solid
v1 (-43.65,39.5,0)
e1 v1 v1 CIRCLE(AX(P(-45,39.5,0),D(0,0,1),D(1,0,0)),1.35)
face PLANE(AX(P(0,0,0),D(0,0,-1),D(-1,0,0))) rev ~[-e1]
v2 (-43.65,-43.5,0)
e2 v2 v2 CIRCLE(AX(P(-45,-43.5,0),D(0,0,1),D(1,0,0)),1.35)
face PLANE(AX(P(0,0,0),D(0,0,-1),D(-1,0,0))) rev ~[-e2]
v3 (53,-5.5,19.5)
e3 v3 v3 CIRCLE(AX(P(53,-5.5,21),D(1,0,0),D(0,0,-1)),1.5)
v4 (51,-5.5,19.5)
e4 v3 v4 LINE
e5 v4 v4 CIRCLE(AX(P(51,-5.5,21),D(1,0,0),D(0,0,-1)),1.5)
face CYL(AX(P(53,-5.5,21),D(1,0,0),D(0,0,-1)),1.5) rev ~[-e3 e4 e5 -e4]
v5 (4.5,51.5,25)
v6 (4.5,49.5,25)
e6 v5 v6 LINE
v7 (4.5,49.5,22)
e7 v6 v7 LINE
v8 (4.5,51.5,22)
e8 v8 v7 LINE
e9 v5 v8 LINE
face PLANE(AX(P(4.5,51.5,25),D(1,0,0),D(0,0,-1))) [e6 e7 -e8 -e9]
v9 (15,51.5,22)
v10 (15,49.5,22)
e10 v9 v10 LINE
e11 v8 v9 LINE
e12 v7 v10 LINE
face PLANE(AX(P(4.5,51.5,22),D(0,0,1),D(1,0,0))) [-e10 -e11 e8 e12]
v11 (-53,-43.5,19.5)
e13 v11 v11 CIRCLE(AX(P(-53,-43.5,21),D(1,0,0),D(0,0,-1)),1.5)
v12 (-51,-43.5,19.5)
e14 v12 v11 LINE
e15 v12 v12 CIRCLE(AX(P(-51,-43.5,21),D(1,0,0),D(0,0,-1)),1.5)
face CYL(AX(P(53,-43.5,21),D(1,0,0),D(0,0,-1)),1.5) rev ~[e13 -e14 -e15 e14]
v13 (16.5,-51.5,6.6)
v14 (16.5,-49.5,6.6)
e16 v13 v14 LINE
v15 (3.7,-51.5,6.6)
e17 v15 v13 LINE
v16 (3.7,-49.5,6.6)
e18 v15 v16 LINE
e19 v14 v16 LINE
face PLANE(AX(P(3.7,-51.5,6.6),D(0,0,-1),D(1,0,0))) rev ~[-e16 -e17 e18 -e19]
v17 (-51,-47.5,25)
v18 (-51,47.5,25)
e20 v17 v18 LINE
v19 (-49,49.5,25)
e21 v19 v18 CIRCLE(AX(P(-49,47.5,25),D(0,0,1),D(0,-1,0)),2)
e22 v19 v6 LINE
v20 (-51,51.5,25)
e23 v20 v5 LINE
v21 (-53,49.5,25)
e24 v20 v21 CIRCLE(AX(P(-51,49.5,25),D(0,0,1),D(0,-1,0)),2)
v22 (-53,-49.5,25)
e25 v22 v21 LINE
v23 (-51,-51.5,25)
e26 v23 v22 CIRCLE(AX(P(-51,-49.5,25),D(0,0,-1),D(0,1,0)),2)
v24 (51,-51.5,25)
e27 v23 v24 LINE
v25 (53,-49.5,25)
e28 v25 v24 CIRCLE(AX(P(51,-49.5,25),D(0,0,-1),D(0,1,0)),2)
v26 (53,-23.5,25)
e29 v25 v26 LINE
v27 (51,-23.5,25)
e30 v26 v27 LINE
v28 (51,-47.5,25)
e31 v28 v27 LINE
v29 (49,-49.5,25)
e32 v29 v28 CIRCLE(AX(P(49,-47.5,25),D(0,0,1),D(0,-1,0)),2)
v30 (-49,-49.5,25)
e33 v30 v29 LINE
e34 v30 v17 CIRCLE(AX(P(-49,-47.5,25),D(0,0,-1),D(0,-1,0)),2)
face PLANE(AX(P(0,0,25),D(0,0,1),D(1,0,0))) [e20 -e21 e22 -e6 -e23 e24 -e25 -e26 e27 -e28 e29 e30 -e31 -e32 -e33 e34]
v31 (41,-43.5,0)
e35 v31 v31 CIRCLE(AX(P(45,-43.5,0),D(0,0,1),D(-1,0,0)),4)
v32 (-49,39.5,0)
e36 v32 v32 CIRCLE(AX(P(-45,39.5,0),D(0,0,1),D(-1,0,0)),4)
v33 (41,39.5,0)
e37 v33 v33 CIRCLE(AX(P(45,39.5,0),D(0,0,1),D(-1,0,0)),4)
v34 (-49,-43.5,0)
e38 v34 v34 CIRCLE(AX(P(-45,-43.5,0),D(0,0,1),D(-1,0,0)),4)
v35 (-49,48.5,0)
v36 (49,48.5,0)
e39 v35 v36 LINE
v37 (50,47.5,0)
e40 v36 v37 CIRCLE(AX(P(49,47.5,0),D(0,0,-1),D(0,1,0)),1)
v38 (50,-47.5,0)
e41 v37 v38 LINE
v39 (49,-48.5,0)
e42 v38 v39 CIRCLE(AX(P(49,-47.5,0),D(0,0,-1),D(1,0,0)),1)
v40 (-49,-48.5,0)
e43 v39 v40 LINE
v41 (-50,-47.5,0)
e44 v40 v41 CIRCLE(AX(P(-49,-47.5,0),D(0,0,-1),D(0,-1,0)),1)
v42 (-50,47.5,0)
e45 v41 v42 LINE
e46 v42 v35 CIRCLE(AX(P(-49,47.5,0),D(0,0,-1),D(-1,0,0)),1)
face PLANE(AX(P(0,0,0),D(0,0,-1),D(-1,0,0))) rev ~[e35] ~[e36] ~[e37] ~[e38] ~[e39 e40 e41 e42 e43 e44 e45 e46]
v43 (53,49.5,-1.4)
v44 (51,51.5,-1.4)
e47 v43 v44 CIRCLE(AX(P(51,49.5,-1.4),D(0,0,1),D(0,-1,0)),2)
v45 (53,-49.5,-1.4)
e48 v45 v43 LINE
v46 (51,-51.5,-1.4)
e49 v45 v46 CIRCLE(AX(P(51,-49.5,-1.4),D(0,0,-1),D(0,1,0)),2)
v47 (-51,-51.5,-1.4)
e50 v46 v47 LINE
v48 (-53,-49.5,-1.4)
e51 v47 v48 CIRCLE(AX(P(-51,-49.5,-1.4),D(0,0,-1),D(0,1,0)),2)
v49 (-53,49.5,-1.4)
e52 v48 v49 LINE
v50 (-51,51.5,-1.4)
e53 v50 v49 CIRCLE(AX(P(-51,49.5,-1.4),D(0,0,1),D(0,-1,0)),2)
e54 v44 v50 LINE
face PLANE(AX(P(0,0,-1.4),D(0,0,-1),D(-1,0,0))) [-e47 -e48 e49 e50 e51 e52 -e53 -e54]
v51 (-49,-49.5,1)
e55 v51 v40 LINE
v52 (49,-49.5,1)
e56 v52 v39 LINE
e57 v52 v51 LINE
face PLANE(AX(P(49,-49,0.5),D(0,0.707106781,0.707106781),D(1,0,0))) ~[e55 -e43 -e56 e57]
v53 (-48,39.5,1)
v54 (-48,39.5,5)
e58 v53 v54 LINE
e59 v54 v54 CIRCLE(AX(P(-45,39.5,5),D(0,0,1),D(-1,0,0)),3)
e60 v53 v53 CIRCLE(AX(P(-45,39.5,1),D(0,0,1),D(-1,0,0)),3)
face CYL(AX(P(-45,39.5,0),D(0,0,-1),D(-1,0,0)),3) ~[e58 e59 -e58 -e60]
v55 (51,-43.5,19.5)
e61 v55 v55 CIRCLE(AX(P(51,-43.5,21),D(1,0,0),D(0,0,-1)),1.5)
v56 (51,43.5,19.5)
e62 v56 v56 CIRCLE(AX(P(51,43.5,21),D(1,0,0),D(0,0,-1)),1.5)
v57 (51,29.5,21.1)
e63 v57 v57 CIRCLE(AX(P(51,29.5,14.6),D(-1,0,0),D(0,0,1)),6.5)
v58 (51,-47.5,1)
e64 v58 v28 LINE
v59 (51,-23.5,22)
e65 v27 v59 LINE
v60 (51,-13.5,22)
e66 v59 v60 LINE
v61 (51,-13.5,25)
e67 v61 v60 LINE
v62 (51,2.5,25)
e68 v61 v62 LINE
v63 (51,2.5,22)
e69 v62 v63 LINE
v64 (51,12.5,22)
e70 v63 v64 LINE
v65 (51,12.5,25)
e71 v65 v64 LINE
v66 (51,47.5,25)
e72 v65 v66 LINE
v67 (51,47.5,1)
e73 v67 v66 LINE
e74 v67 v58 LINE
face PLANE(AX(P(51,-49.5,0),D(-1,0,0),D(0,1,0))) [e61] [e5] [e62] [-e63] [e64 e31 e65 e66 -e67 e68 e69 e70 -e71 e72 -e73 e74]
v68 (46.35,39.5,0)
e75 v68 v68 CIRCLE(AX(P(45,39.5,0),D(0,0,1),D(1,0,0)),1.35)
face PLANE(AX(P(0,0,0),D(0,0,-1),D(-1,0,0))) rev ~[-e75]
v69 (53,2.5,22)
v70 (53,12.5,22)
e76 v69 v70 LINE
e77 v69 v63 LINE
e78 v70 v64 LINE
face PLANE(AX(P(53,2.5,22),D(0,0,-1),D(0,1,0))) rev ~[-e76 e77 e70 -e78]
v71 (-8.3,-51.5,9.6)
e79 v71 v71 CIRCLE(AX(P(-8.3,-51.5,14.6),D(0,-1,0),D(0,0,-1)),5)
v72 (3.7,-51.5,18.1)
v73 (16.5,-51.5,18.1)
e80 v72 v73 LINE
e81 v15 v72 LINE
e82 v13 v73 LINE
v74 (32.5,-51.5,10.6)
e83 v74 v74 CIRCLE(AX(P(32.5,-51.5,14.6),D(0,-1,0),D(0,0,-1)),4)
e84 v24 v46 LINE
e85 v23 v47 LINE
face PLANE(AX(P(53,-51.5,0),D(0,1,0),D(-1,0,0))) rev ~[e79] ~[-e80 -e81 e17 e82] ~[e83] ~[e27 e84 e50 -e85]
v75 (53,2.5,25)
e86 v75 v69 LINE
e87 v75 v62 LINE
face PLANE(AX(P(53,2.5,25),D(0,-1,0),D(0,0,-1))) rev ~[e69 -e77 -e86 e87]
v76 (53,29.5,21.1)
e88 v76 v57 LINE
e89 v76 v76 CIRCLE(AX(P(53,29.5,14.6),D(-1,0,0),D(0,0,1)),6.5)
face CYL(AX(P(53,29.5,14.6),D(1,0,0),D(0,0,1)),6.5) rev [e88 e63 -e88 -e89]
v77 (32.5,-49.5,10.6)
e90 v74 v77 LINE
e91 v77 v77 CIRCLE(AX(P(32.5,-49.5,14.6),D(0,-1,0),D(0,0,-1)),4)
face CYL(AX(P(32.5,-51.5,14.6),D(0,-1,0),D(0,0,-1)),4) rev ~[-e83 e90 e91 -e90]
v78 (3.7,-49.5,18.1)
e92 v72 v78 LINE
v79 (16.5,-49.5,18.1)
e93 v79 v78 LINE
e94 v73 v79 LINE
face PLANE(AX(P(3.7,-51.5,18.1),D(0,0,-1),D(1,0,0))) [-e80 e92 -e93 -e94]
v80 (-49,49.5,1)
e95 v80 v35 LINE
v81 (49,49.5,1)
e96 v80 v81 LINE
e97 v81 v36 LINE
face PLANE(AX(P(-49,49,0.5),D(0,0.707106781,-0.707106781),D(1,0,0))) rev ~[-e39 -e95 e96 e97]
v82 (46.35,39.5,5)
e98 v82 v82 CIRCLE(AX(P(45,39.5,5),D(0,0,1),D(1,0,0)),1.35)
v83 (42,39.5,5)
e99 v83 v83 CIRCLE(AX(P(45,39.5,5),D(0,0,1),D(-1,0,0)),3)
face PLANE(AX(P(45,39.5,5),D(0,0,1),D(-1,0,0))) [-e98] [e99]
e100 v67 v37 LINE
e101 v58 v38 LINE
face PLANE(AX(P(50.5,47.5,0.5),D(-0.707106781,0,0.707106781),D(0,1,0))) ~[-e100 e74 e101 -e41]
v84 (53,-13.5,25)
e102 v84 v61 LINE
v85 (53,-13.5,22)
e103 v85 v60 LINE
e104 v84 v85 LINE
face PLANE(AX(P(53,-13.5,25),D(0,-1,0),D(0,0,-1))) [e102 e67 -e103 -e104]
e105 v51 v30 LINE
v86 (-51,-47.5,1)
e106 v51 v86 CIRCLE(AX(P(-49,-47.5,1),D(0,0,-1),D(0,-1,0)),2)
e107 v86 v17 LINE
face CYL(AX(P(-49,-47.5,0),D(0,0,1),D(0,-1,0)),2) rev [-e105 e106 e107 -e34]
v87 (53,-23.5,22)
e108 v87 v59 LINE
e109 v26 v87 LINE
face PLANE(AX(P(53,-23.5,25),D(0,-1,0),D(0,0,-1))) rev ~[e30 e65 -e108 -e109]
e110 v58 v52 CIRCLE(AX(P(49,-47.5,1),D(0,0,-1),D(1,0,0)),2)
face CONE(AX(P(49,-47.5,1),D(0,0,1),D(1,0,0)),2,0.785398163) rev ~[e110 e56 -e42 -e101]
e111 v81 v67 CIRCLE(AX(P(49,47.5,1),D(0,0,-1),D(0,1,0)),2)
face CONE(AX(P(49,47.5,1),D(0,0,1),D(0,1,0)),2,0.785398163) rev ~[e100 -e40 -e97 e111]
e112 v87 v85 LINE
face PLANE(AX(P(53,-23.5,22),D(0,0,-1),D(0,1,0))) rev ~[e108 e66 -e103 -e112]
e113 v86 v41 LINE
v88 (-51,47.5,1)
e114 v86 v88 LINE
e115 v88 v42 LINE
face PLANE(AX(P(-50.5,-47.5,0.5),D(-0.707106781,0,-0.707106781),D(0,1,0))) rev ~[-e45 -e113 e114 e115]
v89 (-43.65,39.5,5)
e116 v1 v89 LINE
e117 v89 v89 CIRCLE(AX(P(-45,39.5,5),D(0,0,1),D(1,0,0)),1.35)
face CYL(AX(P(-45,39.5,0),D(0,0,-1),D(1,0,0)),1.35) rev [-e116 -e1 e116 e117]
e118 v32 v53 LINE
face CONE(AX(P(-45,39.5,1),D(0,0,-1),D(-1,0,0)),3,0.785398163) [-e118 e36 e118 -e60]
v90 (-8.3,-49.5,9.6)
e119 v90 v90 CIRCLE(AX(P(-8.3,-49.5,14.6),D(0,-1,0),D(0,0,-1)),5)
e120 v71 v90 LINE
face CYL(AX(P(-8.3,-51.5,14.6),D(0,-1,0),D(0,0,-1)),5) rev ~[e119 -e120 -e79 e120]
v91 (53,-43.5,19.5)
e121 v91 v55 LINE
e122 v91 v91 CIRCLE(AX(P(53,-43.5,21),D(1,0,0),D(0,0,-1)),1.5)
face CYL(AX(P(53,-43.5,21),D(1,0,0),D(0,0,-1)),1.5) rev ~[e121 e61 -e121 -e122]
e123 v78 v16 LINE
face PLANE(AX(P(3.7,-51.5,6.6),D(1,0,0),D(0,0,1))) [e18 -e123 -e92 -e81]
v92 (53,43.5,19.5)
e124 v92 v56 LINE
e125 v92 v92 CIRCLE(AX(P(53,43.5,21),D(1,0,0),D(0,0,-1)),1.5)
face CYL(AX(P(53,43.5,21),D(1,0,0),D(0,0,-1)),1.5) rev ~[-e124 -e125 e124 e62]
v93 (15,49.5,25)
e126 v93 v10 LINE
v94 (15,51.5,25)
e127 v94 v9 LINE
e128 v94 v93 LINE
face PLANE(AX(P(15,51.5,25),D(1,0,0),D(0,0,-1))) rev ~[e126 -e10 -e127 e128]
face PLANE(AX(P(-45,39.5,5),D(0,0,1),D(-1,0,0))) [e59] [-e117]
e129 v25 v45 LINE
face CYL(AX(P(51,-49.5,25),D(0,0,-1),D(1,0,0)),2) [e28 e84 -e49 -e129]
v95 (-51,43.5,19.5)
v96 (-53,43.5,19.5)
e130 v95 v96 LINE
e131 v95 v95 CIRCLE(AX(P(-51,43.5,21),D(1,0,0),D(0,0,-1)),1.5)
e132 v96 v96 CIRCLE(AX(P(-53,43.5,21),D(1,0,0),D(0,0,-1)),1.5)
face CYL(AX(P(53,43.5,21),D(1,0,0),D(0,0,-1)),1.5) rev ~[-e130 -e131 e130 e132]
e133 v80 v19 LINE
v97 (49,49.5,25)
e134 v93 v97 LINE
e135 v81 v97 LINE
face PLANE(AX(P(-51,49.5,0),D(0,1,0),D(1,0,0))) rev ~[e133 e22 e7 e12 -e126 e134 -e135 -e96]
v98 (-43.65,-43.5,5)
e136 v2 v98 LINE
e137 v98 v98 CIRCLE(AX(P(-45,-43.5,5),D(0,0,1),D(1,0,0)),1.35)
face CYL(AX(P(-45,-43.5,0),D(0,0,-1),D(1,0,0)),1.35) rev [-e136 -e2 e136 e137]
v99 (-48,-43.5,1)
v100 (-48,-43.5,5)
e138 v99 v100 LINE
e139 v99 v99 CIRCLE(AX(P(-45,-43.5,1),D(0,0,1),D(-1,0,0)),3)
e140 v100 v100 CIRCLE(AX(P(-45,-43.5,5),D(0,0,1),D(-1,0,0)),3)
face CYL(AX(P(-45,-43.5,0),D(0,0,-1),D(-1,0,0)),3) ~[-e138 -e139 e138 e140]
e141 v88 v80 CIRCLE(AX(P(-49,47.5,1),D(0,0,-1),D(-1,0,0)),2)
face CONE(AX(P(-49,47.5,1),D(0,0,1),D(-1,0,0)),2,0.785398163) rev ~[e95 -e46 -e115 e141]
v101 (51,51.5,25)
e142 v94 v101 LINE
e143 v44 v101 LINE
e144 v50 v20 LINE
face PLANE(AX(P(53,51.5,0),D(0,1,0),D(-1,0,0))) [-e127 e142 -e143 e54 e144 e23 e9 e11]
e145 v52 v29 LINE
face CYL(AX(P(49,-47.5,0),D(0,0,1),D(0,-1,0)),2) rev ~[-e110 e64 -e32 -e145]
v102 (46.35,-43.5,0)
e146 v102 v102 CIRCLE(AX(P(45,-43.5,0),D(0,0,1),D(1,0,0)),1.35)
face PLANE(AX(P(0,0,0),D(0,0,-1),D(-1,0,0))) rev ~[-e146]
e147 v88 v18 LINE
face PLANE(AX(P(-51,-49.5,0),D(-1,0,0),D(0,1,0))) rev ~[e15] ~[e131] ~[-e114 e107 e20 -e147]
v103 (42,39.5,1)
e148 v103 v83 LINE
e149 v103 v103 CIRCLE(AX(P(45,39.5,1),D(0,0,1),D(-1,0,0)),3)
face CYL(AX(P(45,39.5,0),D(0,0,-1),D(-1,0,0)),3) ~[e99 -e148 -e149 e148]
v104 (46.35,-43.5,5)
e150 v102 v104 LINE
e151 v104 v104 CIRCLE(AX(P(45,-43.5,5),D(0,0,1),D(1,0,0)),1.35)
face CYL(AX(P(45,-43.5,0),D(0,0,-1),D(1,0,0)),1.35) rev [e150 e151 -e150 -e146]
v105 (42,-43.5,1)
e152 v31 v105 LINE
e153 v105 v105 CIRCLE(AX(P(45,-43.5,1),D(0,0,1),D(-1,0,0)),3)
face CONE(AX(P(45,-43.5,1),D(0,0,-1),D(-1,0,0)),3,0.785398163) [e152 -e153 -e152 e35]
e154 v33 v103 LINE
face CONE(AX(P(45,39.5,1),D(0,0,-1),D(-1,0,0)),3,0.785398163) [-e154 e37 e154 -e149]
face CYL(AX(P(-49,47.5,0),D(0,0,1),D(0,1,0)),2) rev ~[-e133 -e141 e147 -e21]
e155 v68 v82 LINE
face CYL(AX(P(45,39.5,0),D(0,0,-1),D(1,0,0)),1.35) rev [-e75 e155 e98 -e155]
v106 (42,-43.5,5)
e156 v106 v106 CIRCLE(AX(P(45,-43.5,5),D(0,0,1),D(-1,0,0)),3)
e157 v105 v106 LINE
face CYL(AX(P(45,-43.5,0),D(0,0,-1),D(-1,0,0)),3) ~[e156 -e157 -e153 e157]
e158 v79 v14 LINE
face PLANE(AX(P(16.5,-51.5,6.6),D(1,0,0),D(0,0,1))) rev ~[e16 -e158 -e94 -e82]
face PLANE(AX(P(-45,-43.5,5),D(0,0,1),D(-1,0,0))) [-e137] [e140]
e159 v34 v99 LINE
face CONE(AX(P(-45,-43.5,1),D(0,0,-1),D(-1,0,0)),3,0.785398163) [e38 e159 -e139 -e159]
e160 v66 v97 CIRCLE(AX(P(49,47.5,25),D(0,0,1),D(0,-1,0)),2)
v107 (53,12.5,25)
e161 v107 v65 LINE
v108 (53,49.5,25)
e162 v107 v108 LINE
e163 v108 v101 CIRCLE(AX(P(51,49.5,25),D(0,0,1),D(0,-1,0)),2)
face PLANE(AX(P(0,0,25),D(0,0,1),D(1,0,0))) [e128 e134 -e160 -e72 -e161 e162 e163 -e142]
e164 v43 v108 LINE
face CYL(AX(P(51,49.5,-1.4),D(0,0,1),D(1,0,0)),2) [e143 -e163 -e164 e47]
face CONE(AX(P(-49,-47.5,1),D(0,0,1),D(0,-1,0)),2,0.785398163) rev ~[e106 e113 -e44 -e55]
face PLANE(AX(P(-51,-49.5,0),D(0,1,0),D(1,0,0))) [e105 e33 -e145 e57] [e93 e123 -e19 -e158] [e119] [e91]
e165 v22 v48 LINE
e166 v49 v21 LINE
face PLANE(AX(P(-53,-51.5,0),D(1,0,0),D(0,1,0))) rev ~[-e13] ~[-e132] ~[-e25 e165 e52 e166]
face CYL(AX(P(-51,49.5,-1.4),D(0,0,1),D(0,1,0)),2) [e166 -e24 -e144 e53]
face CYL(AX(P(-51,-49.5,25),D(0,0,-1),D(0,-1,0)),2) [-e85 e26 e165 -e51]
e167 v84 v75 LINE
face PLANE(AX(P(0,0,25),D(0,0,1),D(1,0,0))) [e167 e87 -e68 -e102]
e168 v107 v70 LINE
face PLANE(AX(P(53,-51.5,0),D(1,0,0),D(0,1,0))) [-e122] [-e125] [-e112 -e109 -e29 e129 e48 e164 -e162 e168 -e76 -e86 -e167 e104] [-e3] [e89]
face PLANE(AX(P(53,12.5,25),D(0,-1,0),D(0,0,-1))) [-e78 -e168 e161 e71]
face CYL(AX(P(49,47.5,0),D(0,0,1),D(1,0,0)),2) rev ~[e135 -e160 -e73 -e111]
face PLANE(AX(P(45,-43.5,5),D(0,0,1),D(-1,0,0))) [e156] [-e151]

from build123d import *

# Parameters (mm, degrees)
SKETCH_1_W          = 106
SKETCH_1_H          = 103
SKETCH_1_W_2        = 102
SKETCH_1_H_2        = 99
EXTRUDE_1_DEPTH     = 25
SKETCH_2_W          = 106
SKETCH_2_H          = 103
EXTRUDE_2_DEPTH     = 1.4
SKETCH_3_R          = 3
SKETCH_3_R_2        = 1.35
EXTRUDE_3_DEPTH     = 5
SKETCH_4_W          = 12.8
SKETCH_4_H          = 11.5
CUT_EXTRUDE_1_DEPTH = 101
FILLET_1_R          = 2
CHAMFER_1_SIZE      = 1
SKETCH_5_R          = 4
SKETCH_5_R_2        = 5
CUT_EXTRUDE_2_DEPTH = 2
SKETCH_6_W          = 3
SKETCH_6_H          = 10
CUT_EXTRUDE_3_DEPTH = 2
SKETCH_8_R          = 1.5
CUT_EXTRUDE_4_DEPTH = 121.470950855
SKETCH_9_R          = 1.5
CUT_EXTRUDE_5_DEPTH = 2
SKETCH_10_W         = 10.5
SKETCH_10_H         = 3
CUT_EXTRUDE_6_DEPTH = 2
SKETCH_11_R         = 6.5
CUT_EXTRUDE_7_DEPTH = 2


with BuildPart() as part:
    # Эскиз1 → Бобышка-Вытянуть1 (new body)
    with BuildSketch(Plane.XY):
        Rectangle(SKETCH_1_W, SKETCH_1_H)
        Rectangle(SKETCH_1_W_2, SKETCH_1_H_2, mode=Mode.SUBTRACT)
    extrude(amount=EXTRUDE_1_DEPTH)

    # Эскиз2 → Бобышка-Вытянуть2 (add)
    with BuildSketch(Plane(origin=(0, 0, 0), x_dir=(-1, 0, 0), z_dir=(0, 0, -1))):
        Rectangle(SKETCH_2_W, SKETCH_2_H)
    extrude(amount=EXTRUDE_2_DEPTH)

    # Эскиз3 → Бобышка-Вытянуть3 (add)
    # profile 1 of 4: a face of its own
    with BuildSketch(Plane.XY):
        with Locations(Location((-45, 39.5, 0), (0, 0, 180))):
            Circle(SKETCH_3_R)
        with Locations((-45, 39.5)):
            Circle(SKETCH_3_R_2, mode=Mode.SUBTRACT)
    # profile 2 of 4: a face of its own
    with BuildSketch(Plane.XY):
        with Locations(Location((45, 39.5, 0), (0, 0, 180))):
            Circle(SKETCH_3_R)
        with Locations((45, 39.5)):
            Circle(SKETCH_3_R_2, mode=Mode.SUBTRACT)
    # profile 3 of 4: a face of its own
    with BuildSketch(Plane.XY):
        with Locations(Location((-45, -43.5, 0), (0, 0, 180))):
            Circle(SKETCH_3_R)
        with Locations((-45, -43.5)):
            Circle(SKETCH_3_R_2, mode=Mode.SUBTRACT)
    # profile 4 of 4: a face of its own
    with BuildSketch(Plane.XY):
        with Locations(Location((45, -43.5, 0), (0, 0, 180))):
            Circle(SKETCH_3_R)
        with Locations((45, -43.5)):
            Circle(SKETCH_3_R_2, mode=Mode.SUBTRACT)
    extrude(amount=EXTRUDE_3_DEPTH)

    # Эскиз4 → Вырез-Вытянуть1 (cut)
    with BuildSketch(Plane.XZ.offset(51.5)):
        with Locations((10.1, 12.35)):
            Rectangle(SKETCH_4_W, SKETCH_4_H)
    extrude(amount=-CUT_EXTRUDE_1_DEPTH, mode=Mode.SUBTRACT)

    # Скругление1
    fillet_1_edges = [part.edges().sort_by_distance(p)[0] for p in [
        (51, -49.5, 12.5),
        (51, 49.5, 12.5),
        (-51, 49.5, 12.5),
        (-51, -49.5, 12.5),
        (53, -51.5, 11.8),
        (-53, -51.5, 11.8),
        (-53, 51.5, 11.8),
        (53, 51.5, 11.8),
    ]]
    fillet(fillet_1_edges, radius=FILLET_1_R)

    # Фаска1
    chamfer_1_edges = [part.edges().sort_by_distance(p)[0] for p in [
        (-51, 0, 0),
        (0, -49.5, 0),
        (51, 0, 0),
        (0, 49.5, 0),
        (50.414213562, -48.914213562, 0),
        (50.414213562, 48.914213562, 0),
        (-50.414213562, 48.914213562, 0),
        (-50.414213562, -48.914213562, 0),
        (-42, 39.5, 0),
        (48, 39.5, 0),
        (-42, -43.5, 0),
        (48, -43.5, 0),
    ]]
    chamfer(chamfer_1_edges, length=CHAMFER_1_SIZE)

    # Эскиз5 → Вырез-Вытянуть2 (cut)
    with BuildSketch(Plane.XZ.offset(51.5)):
        with Locations(Location((32.5, 14.6, 0), (0, 0, 270))):
            Circle(SKETCH_5_R)
        with Locations(Location((-8.3, 14.6, 0), (0, 0, 270))):
            Circle(SKETCH_5_R_2)
    extrude(amount=-CUT_EXTRUDE_2_DEPTH, mode=Mode.SUBTRACT)

    # Эскиз6 → Вырез-Вытянуть3 (cut)
    with BuildSketch(Plane(origin=(53, 0, 0), x_dir=(0, 0, -1), z_dir=(1, 0, 0))):
        with Locations((-23.5, -18.5)):
            Rectangle(SKETCH_6_W, SKETCH_6_H)
        with Locations((-23.5, 7.5)):
            Rectangle(SKETCH_6_W, SKETCH_6_H)
    extrude(amount=-CUT_EXTRUDE_3_DEPTH, mode=Mode.SUBTRACT)

    # Эскиз8 → Вырез-Вытянуть4 (cut, through all)
    with BuildSketch(Plane(origin=(53, 0, 0), x_dir=(0, 0, -1), z_dir=(1, 0, 0))):
        with Locations((-21, 43.5)):
            Circle(SKETCH_8_R)
        with Locations((-21, -43.5)):
            Circle(SKETCH_8_R)
    extrude(amount=-CUT_EXTRUDE_4_DEPTH, mode=Mode.SUBTRACT)

    # Эскиз9 → Вырез-Вытянуть5 (cut)
    with BuildSketch(Plane(origin=(53, 0, 0), x_dir=(0, 0, -1), z_dir=(1, 0, 0))):
        with Locations((-21, -5.5)):
            Circle(SKETCH_9_R)
    extrude(amount=-CUT_EXTRUDE_5_DEPTH, mode=Mode.SUBTRACT)

    # Эскиз10 → Вырез-Вытянуть6 (cut)
    with BuildSketch(Plane(origin=(0, 51.5, 0), x_dir=(1, 0, 0), z_dir=(0, 1, 0))):
        with Locations((9.75, -23.5)):
            Rectangle(SKETCH_10_W, SKETCH_10_H)
    extrude(amount=-CUT_EXTRUDE_6_DEPTH, mode=Mode.SUBTRACT)

    # Эскиз11 → Вырез-Вытянуть7 (cut)
    with BuildSketch(Plane(origin=(53, -1.5, 0), x_dir=(0, 1, 0), z_dir=(-1, 0, 0))):
        with Locations(Location((31, -14.6, 0), (0, 0, 270))):
            Circle(SKETCH_11_R)
    extrude(amount=CUT_EXTRUDE_7_DEPTH, mode=Mode.SUBTRACT)


solid = part.part
